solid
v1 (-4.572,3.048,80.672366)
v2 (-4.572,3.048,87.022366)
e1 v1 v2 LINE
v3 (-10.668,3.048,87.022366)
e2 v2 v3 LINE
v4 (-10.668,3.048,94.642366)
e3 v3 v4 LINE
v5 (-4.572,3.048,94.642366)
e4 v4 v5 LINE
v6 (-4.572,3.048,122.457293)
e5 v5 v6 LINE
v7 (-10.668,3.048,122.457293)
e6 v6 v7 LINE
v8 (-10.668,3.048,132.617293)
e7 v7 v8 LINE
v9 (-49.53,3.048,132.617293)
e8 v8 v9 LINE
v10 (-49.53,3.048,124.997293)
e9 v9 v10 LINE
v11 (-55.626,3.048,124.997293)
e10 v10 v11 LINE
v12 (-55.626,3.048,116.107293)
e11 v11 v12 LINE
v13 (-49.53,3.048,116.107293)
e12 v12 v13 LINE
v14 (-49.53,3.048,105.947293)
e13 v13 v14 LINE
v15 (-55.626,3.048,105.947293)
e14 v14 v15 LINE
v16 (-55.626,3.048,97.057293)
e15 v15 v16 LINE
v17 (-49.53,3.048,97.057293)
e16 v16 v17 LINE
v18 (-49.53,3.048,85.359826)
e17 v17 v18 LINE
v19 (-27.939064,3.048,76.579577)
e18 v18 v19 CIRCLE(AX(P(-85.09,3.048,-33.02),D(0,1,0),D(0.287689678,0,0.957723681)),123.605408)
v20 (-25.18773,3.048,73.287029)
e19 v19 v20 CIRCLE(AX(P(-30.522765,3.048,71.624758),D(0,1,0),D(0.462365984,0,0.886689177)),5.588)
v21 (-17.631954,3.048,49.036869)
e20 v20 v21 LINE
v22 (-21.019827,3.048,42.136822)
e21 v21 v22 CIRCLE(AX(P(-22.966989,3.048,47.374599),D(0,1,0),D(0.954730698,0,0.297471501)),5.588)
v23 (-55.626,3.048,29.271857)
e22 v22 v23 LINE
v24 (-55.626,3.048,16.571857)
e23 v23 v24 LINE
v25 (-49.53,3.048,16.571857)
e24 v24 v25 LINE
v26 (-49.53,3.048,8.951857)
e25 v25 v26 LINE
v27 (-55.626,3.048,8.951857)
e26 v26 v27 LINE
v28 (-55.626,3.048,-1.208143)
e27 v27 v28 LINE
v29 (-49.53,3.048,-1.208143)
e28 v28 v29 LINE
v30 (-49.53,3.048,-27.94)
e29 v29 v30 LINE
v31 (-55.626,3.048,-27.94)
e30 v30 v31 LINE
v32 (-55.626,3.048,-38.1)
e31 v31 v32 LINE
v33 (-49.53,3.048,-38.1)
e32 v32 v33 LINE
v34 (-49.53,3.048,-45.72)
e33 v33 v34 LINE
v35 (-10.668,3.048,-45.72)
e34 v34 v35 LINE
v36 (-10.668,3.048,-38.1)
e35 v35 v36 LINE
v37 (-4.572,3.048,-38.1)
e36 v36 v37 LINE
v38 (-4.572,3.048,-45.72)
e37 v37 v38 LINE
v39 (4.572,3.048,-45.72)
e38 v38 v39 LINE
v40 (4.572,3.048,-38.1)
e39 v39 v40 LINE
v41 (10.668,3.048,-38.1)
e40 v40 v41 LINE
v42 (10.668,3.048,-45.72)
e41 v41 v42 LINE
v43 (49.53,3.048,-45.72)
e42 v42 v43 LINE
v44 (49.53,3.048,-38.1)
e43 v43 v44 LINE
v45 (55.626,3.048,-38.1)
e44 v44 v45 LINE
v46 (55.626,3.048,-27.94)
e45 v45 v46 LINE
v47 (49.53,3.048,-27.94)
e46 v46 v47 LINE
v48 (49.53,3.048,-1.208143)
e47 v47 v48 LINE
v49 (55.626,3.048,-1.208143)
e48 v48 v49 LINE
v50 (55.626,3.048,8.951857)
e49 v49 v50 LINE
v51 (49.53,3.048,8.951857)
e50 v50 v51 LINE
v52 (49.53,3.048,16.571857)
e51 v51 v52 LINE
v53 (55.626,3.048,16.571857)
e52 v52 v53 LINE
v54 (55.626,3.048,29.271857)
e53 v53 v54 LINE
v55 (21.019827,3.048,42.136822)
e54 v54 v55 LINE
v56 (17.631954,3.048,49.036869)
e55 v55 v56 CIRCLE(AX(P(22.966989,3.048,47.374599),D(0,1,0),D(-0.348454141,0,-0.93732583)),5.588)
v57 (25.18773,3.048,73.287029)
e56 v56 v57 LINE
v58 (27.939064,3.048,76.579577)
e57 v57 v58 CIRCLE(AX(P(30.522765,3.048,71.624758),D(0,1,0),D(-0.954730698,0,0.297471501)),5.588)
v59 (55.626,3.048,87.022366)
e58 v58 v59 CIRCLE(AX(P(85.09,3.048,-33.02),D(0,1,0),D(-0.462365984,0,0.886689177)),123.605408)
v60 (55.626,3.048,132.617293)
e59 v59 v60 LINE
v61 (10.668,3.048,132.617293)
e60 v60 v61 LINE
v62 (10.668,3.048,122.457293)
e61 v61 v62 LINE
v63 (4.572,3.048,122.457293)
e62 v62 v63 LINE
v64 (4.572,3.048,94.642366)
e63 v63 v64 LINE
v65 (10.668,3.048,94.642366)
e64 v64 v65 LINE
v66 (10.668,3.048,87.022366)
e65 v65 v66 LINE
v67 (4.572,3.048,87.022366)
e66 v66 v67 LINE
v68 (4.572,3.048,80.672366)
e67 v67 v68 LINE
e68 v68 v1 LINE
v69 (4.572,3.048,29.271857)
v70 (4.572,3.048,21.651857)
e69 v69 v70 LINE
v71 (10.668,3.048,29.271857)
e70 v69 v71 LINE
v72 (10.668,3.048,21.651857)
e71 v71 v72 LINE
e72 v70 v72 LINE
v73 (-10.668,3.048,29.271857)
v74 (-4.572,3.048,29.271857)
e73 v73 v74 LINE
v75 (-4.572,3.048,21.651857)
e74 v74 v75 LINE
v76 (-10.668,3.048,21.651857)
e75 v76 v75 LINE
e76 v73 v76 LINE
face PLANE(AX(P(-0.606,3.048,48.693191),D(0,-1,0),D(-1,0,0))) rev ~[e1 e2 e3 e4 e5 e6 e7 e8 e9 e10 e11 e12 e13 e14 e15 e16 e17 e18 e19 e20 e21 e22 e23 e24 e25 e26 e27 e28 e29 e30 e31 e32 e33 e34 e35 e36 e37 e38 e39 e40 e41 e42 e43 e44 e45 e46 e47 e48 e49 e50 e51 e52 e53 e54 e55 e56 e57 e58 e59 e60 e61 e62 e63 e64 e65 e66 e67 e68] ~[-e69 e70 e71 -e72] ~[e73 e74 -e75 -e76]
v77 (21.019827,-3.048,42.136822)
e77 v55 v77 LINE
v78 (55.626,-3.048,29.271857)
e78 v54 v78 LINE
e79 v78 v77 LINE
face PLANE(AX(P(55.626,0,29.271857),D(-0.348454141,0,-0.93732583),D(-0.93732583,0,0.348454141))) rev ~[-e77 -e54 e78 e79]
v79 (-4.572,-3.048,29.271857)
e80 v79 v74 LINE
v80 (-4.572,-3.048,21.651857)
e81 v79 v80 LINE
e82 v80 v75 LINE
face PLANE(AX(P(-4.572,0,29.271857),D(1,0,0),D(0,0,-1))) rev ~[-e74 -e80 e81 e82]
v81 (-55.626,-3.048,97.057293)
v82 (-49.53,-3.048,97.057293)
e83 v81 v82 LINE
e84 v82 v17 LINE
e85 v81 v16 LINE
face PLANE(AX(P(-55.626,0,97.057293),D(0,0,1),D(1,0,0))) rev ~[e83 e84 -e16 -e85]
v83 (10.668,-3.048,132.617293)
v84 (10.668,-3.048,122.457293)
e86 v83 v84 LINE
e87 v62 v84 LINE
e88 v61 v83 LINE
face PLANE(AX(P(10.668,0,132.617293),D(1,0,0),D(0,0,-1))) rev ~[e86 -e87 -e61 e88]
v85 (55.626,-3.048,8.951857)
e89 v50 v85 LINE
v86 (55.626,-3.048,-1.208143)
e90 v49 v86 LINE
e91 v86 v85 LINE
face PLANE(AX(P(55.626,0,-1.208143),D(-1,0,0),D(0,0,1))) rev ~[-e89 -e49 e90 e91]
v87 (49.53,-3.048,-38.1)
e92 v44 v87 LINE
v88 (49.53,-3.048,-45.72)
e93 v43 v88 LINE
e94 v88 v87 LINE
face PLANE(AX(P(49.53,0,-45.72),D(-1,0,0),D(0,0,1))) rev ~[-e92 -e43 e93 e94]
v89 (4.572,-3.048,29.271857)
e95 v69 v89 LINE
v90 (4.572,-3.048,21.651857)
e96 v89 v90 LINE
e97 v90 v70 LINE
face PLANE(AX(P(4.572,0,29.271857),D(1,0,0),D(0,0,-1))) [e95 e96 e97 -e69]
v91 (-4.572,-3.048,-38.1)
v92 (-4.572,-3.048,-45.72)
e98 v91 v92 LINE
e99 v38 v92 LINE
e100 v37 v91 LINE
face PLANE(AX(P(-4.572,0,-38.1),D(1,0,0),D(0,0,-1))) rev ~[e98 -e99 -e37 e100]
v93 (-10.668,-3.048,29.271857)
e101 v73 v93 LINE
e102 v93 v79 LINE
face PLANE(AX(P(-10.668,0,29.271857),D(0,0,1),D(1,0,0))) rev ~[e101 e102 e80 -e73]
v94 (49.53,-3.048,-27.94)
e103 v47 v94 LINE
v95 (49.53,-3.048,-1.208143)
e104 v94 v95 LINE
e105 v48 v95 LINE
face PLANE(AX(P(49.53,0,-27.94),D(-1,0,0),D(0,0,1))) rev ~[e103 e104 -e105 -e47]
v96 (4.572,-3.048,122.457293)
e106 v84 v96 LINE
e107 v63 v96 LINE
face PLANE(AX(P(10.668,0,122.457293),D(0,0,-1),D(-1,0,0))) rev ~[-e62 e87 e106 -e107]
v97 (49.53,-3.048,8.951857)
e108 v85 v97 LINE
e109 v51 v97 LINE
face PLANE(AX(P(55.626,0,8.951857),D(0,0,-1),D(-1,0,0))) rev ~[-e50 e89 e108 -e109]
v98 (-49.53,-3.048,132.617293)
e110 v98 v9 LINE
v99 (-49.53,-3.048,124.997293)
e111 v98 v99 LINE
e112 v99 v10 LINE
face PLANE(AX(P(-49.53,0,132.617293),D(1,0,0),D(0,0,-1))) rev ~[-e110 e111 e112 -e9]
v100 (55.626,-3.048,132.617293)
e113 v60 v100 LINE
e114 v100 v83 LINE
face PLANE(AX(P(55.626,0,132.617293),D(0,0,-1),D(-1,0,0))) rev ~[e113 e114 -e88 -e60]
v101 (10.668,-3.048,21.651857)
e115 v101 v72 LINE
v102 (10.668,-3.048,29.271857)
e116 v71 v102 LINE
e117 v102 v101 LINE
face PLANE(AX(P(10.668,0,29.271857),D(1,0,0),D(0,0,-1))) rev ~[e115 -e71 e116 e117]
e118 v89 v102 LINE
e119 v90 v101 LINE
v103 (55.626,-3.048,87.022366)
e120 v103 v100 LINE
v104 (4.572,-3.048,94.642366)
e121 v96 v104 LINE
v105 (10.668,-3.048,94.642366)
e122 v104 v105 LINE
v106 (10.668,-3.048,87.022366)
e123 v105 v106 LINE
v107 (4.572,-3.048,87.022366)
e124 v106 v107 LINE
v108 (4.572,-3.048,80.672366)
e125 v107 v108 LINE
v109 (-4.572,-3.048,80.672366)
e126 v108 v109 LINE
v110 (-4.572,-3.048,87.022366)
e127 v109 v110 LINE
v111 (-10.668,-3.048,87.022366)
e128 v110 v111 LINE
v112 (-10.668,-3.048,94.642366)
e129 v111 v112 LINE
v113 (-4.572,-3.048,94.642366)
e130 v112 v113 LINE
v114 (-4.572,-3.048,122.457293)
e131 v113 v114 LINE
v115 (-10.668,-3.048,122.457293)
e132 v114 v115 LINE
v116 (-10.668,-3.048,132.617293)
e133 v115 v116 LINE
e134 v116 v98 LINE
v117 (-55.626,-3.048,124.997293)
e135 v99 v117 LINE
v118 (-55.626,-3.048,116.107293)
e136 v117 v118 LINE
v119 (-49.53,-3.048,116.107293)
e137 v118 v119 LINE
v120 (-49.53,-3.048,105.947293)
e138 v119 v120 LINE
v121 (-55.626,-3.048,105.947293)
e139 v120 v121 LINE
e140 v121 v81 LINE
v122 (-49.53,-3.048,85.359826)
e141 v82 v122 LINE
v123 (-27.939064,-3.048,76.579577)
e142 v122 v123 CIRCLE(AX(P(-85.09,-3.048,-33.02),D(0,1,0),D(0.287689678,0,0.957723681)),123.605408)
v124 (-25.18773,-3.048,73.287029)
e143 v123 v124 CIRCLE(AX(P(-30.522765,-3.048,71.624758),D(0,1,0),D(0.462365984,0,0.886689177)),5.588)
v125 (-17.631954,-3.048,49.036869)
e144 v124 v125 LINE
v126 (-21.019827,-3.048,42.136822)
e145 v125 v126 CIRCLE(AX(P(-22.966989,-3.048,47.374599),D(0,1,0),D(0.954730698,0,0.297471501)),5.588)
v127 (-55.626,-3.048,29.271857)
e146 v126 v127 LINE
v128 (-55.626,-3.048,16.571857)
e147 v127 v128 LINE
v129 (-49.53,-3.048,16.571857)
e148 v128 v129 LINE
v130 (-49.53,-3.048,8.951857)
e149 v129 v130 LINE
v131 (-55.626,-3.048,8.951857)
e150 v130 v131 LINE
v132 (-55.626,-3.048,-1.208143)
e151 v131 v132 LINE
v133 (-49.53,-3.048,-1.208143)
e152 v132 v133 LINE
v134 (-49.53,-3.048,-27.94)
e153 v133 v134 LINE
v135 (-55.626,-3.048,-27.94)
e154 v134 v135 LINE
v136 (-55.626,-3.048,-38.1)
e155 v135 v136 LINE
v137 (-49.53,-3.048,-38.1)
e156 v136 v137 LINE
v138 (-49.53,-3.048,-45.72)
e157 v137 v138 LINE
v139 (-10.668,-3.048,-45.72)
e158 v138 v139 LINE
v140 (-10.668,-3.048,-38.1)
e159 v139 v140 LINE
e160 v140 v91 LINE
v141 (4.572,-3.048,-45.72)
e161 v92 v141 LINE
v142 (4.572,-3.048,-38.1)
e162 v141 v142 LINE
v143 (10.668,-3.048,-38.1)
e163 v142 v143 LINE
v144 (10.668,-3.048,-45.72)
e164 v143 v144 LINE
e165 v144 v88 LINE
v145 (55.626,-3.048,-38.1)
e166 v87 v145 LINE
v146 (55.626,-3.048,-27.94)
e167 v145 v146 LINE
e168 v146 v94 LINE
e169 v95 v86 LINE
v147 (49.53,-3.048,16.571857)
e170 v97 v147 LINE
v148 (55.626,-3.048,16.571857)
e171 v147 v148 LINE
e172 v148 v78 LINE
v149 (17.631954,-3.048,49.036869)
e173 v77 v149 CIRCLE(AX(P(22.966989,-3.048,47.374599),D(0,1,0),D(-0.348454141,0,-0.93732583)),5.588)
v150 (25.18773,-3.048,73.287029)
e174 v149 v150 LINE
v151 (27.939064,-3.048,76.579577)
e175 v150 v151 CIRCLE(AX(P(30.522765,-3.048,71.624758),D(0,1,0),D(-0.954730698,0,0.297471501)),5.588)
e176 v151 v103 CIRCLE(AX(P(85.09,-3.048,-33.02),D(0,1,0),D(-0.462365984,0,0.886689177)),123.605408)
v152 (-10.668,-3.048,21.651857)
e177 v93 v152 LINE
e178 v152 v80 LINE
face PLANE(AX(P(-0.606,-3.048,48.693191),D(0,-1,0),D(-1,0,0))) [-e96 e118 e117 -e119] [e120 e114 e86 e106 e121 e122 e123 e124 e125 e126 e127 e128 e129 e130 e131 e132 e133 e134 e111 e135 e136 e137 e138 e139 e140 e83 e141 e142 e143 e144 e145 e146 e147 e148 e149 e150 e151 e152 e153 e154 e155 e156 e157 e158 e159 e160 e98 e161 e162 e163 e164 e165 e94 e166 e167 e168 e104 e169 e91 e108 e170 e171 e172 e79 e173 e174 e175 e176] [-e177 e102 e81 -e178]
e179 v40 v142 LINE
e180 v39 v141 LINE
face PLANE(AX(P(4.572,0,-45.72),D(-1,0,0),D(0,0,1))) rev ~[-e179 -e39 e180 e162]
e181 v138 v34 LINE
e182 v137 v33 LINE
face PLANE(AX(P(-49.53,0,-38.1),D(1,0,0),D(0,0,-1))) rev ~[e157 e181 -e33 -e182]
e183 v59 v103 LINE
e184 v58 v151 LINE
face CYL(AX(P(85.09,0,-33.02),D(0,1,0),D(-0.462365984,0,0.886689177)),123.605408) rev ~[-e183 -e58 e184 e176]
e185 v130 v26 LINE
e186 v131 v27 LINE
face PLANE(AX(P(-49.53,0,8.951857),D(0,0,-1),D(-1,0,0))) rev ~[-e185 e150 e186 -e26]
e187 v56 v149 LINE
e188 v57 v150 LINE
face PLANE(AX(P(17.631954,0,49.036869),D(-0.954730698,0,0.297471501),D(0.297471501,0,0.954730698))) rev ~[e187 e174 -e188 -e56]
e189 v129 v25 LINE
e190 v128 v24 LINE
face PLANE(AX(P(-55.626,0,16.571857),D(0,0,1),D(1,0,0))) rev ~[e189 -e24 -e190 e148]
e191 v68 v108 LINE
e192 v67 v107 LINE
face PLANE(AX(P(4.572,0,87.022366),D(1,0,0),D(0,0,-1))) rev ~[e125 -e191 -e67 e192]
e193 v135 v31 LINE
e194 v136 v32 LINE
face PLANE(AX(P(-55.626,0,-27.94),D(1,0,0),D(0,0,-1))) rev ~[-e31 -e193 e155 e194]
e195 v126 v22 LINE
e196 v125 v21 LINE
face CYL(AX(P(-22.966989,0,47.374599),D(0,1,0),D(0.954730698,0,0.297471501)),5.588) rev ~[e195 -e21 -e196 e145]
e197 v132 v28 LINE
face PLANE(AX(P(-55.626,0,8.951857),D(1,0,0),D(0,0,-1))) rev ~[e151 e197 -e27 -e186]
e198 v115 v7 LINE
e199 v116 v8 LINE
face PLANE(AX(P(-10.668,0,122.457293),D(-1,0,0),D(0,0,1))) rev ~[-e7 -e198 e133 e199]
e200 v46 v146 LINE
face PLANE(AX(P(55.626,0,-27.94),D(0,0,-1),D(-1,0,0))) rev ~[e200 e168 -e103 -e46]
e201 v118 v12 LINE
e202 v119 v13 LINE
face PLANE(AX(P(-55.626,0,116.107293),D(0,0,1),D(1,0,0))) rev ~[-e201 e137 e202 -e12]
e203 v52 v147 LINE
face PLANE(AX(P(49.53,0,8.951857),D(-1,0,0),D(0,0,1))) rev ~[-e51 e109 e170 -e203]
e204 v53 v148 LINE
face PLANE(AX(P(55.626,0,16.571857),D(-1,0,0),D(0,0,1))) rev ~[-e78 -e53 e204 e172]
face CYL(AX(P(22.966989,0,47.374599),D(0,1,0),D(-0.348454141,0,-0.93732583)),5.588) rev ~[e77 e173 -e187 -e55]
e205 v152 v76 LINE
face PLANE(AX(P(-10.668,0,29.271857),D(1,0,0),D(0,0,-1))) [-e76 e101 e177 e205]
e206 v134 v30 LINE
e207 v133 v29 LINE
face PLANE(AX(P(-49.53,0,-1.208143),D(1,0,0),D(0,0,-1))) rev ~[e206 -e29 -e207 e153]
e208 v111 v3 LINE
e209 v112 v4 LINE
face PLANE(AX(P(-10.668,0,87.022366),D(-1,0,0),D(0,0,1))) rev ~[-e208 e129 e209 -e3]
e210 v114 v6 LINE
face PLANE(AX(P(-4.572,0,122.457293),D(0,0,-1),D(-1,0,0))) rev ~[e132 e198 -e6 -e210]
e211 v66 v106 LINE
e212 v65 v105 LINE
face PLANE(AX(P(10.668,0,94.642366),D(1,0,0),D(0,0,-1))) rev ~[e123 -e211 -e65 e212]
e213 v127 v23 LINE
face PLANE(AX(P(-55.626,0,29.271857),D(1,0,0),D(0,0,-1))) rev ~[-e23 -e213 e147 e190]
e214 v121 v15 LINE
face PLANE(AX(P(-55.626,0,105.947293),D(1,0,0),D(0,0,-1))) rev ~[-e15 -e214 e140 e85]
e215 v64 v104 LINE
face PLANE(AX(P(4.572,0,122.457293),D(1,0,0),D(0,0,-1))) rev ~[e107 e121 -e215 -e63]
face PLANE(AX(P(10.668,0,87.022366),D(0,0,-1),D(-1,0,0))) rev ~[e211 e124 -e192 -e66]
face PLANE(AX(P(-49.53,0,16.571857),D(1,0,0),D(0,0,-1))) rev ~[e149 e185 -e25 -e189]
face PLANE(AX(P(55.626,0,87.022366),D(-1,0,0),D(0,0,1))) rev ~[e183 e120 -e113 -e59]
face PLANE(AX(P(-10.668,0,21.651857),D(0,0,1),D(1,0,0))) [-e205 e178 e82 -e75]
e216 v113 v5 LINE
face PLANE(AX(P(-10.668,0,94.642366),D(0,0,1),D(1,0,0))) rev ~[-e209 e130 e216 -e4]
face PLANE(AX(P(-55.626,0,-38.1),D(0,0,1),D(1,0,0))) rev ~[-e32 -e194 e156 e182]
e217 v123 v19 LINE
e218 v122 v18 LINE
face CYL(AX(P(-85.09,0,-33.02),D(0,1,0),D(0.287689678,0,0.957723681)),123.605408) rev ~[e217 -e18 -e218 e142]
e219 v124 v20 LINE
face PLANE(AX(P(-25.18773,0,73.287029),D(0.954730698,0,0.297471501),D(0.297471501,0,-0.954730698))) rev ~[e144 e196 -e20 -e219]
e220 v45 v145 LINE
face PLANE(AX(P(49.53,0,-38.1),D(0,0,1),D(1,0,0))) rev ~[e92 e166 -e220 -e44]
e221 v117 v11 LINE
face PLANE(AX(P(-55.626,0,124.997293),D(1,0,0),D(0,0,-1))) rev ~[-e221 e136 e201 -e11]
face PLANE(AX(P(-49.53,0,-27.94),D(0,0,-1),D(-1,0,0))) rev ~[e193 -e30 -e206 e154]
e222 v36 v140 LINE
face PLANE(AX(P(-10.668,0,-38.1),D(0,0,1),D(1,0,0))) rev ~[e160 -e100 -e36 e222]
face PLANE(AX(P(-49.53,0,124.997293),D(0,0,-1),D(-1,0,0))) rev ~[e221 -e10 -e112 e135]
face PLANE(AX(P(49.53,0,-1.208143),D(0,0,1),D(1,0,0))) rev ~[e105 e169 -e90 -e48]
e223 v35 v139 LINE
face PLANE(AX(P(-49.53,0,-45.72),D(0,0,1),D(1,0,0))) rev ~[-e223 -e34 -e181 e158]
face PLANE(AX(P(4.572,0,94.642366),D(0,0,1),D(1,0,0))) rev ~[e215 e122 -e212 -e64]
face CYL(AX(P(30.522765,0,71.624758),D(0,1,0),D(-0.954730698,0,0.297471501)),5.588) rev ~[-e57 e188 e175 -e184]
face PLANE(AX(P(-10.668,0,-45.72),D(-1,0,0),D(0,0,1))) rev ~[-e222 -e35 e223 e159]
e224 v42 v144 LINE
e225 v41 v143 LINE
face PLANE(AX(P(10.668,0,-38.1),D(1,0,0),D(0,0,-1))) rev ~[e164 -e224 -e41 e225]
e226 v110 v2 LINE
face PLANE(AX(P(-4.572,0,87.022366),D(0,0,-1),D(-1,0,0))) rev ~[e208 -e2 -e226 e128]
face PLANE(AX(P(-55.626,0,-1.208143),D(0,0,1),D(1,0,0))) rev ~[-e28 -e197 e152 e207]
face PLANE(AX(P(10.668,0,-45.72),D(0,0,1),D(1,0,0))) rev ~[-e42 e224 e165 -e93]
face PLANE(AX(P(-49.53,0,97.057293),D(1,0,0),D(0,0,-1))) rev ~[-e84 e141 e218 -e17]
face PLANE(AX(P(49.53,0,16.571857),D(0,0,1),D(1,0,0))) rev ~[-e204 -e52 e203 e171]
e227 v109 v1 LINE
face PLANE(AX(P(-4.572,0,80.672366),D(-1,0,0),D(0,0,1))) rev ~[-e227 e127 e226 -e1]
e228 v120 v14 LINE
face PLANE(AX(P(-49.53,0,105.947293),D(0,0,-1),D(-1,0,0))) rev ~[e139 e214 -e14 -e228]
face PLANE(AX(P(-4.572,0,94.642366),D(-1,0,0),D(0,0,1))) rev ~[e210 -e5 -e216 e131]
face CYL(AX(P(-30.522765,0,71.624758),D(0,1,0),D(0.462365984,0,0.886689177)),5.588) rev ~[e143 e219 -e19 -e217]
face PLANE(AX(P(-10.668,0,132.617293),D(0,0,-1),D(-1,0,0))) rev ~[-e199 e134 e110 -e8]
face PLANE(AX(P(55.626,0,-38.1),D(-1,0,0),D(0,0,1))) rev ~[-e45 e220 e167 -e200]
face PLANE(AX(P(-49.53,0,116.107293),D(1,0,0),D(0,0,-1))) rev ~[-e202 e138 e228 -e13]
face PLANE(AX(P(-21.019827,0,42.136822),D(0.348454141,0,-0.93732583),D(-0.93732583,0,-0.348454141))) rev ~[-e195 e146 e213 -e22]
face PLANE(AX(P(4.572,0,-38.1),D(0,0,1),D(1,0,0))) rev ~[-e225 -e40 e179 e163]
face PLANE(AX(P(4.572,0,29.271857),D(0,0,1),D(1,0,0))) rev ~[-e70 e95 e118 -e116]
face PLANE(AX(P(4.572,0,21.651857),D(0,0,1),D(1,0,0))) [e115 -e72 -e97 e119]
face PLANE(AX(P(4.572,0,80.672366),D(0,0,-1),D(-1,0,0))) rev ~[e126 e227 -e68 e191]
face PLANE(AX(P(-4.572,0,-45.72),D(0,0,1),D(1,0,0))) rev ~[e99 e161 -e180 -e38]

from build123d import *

# Parameters (mm, degrees)
SKETCH1_W           = 6.096
SKETCH1_H           = 7.62
BOSS_EXTRUDE1_DEPTH = 3.048


with BuildPart() as part:
    # Sketch1 → Boss-Extrude1 (new, symmetric)
    with BuildSketch(Plane(origin=(0, 0, 0), x_dir=(1, 0, 0), z_dir=(0, 1, 0))):
        with BuildLine():
            Line((-49.53, 45.72), (-10.668, 45.72))
            Line((-10.668, 45.72), (-10.668, 38.1))
            Line((-10.668, 38.1), (-4.572, 38.1))
            Line((-4.572, 38.1), (-4.572, 45.72))
            Line((-4.572, 45.72), (4.572, 45.72))
            Line((4.572, 45.72), (4.572, 38.1))
            Line((4.572, 38.1), (10.668, 38.1))
            Line((10.668, 38.1), (10.668, 45.72))
            Line((10.668, 45.72), (49.53, 45.72))
            Line((49.53, 45.72), (49.53, 38.1))
            Line((49.53, 38.1), (55.626, 38.1))
            Line((55.626, 38.1), (55.626, 27.94))
            Line((55.626, 27.94), (49.53, 27.94))
            Line((49.53, 27.94), (49.53, 1.208143374))
            Line((49.53, 1.208143374), (55.626, 1.208143374))
            Line((55.626, 1.208143374), (55.626, -8.951856626))
            Line((55.626, -8.951856626), (49.53, -8.951856626))
            Line((49.53, -8.951856626), (49.53, -16.571856626))
            Line((49.53, -16.571856626), (55.626, -16.571856626))
            Line((55.626, -16.571856626), (55.626, -29.271856626))
            Line((55.626, -29.271856626), (21.019827136, -42.136821893))
            ThreePointArc((21.019827136, -42.136821893), (17.95098831, -44.911778638), (17.631953735, -49.036869377))
            Line((17.631953735, -49.036869377), (25.187729856, -73.287029113))
            ThreePointArc((25.187729856, -73.287029113), (26.234780075, -75.207903536), (27.939063878, -76.579577488))
            ThreePointArc((27.939063878, -76.579577488), (41.468907088, -82.632484358), (55.626, -87.022365809))
            Line((55.626, -87.022365809), (55.626, -132.617292876))
            Line((55.626, -132.617292876), (10.668, -132.617292876))
            Line((10.668, -132.617292876), (10.668, -122.457292876))
            Line((10.668, -122.457292876), (4.572, -122.457292876))
            Line((4.572, -122.457292876), (4.572, -94.642365809))
            Line((4.572, -94.642365809), (10.668, -94.642365809))
            Line((10.668, -94.642365809), (10.668, -87.022365809))
            Line((10.668, -87.022365809), (4.572, -87.022365809))
            Line((4.572, -87.022365809), (4.572, -80.672365809))
            Line((4.572, -80.672365809), (-4.572, -80.672365809))
            Line((-4.572, -80.672365809), (-4.572, -87.022365809))
            Line((-4.572, -87.022365809), (-10.668, -87.022365809))
            Line((-10.668, -87.022365809), (-10.668, -94.642365809))
            Line((-10.668, -94.642365809), (-4.572, -94.642365809))
            Line((-4.572, -94.642365809), (-4.572, -122.457292876))
            Line((-4.572, -122.457292876), (-10.668, -122.457292876))
            Line((-10.668, -122.457292876), (-10.668, -132.617292876))
            Line((-10.668, -132.617292876), (-49.53, -132.617292876))
            Line((-49.53, -132.617292876), (-49.53, -124.997292876))
            Line((-49.53, -124.997292876), (-55.626, -124.997292876))
            Line((-55.626, -124.997292876), (-55.626, -116.107292876))
            Line((-55.626, -116.107292876), (-49.53, -116.107292876))
            Line((-49.53, -116.107292876), (-49.53, -105.947292876))
            Line((-49.53, -105.947292876), (-55.626, -105.947292876))
            Line((-55.626, -105.947292876), (-55.626, -97.057292876))
            Line((-55.626, -97.057292876), (-49.53, -97.057292876))
            Line((-49.53, -97.057292876), (-49.53, -85.359826344))
            ThreePointArc((-49.53, -85.359826344), (-38.527111219, -81.479756652), (-27.939063878, -76.579577488))
            ThreePointArc((-27.939063878, -76.579577488), (-26.234780075, -75.207903536), (-25.187729856, -73.287029113))
            Line((-25.187729856, -73.287029113), (-17.631953735, -49.036869377))
            ThreePointArc((-17.631953735, -49.036869377), (-17.95098831, -44.911778638), (-21.019827136, -42.136821893))
            Line((-21.019827136, -42.136821893), (-55.626, -29.271856626))
            Line((-55.626, -29.271856626), (-55.626, -16.571856626))
            Line((-55.626, -16.571856626), (-49.53, -16.571856626))
            Line((-49.53, -16.571856626), (-49.53, -8.951856626))
            Line((-49.53, -8.951856626), (-55.626, -8.951856626))
            Line((-55.626, -8.951856626), (-55.626, 1.208143374))
            Line((-55.626, 1.208143374), (-49.53, 1.208143374))
            Line((-49.53, 1.208143374), (-49.53, 27.94))
            Line((-49.53, 27.94), (-55.626, 27.94))
            Line((-55.626, 27.94), (-55.626, 38.1))
            Line((-55.626, 38.1), (-49.53, 38.1))
            Line((-49.53, 38.1), (-49.53, 45.72))
        make_face()
        with Locations((7.62, -25.461856626)):
            Rectangle(SKETCH1_W, SKETCH1_H, mode=Mode.SUBTRACT)
        with Locations((-7.62, -25.461856626)):
            Rectangle(SKETCH1_W, SKETCH1_H, mode=Mode.SUBTRACT)
    extrude(amount=BOSS_EXTRUDE1_DEPTH, both=True)


solid = part.part
